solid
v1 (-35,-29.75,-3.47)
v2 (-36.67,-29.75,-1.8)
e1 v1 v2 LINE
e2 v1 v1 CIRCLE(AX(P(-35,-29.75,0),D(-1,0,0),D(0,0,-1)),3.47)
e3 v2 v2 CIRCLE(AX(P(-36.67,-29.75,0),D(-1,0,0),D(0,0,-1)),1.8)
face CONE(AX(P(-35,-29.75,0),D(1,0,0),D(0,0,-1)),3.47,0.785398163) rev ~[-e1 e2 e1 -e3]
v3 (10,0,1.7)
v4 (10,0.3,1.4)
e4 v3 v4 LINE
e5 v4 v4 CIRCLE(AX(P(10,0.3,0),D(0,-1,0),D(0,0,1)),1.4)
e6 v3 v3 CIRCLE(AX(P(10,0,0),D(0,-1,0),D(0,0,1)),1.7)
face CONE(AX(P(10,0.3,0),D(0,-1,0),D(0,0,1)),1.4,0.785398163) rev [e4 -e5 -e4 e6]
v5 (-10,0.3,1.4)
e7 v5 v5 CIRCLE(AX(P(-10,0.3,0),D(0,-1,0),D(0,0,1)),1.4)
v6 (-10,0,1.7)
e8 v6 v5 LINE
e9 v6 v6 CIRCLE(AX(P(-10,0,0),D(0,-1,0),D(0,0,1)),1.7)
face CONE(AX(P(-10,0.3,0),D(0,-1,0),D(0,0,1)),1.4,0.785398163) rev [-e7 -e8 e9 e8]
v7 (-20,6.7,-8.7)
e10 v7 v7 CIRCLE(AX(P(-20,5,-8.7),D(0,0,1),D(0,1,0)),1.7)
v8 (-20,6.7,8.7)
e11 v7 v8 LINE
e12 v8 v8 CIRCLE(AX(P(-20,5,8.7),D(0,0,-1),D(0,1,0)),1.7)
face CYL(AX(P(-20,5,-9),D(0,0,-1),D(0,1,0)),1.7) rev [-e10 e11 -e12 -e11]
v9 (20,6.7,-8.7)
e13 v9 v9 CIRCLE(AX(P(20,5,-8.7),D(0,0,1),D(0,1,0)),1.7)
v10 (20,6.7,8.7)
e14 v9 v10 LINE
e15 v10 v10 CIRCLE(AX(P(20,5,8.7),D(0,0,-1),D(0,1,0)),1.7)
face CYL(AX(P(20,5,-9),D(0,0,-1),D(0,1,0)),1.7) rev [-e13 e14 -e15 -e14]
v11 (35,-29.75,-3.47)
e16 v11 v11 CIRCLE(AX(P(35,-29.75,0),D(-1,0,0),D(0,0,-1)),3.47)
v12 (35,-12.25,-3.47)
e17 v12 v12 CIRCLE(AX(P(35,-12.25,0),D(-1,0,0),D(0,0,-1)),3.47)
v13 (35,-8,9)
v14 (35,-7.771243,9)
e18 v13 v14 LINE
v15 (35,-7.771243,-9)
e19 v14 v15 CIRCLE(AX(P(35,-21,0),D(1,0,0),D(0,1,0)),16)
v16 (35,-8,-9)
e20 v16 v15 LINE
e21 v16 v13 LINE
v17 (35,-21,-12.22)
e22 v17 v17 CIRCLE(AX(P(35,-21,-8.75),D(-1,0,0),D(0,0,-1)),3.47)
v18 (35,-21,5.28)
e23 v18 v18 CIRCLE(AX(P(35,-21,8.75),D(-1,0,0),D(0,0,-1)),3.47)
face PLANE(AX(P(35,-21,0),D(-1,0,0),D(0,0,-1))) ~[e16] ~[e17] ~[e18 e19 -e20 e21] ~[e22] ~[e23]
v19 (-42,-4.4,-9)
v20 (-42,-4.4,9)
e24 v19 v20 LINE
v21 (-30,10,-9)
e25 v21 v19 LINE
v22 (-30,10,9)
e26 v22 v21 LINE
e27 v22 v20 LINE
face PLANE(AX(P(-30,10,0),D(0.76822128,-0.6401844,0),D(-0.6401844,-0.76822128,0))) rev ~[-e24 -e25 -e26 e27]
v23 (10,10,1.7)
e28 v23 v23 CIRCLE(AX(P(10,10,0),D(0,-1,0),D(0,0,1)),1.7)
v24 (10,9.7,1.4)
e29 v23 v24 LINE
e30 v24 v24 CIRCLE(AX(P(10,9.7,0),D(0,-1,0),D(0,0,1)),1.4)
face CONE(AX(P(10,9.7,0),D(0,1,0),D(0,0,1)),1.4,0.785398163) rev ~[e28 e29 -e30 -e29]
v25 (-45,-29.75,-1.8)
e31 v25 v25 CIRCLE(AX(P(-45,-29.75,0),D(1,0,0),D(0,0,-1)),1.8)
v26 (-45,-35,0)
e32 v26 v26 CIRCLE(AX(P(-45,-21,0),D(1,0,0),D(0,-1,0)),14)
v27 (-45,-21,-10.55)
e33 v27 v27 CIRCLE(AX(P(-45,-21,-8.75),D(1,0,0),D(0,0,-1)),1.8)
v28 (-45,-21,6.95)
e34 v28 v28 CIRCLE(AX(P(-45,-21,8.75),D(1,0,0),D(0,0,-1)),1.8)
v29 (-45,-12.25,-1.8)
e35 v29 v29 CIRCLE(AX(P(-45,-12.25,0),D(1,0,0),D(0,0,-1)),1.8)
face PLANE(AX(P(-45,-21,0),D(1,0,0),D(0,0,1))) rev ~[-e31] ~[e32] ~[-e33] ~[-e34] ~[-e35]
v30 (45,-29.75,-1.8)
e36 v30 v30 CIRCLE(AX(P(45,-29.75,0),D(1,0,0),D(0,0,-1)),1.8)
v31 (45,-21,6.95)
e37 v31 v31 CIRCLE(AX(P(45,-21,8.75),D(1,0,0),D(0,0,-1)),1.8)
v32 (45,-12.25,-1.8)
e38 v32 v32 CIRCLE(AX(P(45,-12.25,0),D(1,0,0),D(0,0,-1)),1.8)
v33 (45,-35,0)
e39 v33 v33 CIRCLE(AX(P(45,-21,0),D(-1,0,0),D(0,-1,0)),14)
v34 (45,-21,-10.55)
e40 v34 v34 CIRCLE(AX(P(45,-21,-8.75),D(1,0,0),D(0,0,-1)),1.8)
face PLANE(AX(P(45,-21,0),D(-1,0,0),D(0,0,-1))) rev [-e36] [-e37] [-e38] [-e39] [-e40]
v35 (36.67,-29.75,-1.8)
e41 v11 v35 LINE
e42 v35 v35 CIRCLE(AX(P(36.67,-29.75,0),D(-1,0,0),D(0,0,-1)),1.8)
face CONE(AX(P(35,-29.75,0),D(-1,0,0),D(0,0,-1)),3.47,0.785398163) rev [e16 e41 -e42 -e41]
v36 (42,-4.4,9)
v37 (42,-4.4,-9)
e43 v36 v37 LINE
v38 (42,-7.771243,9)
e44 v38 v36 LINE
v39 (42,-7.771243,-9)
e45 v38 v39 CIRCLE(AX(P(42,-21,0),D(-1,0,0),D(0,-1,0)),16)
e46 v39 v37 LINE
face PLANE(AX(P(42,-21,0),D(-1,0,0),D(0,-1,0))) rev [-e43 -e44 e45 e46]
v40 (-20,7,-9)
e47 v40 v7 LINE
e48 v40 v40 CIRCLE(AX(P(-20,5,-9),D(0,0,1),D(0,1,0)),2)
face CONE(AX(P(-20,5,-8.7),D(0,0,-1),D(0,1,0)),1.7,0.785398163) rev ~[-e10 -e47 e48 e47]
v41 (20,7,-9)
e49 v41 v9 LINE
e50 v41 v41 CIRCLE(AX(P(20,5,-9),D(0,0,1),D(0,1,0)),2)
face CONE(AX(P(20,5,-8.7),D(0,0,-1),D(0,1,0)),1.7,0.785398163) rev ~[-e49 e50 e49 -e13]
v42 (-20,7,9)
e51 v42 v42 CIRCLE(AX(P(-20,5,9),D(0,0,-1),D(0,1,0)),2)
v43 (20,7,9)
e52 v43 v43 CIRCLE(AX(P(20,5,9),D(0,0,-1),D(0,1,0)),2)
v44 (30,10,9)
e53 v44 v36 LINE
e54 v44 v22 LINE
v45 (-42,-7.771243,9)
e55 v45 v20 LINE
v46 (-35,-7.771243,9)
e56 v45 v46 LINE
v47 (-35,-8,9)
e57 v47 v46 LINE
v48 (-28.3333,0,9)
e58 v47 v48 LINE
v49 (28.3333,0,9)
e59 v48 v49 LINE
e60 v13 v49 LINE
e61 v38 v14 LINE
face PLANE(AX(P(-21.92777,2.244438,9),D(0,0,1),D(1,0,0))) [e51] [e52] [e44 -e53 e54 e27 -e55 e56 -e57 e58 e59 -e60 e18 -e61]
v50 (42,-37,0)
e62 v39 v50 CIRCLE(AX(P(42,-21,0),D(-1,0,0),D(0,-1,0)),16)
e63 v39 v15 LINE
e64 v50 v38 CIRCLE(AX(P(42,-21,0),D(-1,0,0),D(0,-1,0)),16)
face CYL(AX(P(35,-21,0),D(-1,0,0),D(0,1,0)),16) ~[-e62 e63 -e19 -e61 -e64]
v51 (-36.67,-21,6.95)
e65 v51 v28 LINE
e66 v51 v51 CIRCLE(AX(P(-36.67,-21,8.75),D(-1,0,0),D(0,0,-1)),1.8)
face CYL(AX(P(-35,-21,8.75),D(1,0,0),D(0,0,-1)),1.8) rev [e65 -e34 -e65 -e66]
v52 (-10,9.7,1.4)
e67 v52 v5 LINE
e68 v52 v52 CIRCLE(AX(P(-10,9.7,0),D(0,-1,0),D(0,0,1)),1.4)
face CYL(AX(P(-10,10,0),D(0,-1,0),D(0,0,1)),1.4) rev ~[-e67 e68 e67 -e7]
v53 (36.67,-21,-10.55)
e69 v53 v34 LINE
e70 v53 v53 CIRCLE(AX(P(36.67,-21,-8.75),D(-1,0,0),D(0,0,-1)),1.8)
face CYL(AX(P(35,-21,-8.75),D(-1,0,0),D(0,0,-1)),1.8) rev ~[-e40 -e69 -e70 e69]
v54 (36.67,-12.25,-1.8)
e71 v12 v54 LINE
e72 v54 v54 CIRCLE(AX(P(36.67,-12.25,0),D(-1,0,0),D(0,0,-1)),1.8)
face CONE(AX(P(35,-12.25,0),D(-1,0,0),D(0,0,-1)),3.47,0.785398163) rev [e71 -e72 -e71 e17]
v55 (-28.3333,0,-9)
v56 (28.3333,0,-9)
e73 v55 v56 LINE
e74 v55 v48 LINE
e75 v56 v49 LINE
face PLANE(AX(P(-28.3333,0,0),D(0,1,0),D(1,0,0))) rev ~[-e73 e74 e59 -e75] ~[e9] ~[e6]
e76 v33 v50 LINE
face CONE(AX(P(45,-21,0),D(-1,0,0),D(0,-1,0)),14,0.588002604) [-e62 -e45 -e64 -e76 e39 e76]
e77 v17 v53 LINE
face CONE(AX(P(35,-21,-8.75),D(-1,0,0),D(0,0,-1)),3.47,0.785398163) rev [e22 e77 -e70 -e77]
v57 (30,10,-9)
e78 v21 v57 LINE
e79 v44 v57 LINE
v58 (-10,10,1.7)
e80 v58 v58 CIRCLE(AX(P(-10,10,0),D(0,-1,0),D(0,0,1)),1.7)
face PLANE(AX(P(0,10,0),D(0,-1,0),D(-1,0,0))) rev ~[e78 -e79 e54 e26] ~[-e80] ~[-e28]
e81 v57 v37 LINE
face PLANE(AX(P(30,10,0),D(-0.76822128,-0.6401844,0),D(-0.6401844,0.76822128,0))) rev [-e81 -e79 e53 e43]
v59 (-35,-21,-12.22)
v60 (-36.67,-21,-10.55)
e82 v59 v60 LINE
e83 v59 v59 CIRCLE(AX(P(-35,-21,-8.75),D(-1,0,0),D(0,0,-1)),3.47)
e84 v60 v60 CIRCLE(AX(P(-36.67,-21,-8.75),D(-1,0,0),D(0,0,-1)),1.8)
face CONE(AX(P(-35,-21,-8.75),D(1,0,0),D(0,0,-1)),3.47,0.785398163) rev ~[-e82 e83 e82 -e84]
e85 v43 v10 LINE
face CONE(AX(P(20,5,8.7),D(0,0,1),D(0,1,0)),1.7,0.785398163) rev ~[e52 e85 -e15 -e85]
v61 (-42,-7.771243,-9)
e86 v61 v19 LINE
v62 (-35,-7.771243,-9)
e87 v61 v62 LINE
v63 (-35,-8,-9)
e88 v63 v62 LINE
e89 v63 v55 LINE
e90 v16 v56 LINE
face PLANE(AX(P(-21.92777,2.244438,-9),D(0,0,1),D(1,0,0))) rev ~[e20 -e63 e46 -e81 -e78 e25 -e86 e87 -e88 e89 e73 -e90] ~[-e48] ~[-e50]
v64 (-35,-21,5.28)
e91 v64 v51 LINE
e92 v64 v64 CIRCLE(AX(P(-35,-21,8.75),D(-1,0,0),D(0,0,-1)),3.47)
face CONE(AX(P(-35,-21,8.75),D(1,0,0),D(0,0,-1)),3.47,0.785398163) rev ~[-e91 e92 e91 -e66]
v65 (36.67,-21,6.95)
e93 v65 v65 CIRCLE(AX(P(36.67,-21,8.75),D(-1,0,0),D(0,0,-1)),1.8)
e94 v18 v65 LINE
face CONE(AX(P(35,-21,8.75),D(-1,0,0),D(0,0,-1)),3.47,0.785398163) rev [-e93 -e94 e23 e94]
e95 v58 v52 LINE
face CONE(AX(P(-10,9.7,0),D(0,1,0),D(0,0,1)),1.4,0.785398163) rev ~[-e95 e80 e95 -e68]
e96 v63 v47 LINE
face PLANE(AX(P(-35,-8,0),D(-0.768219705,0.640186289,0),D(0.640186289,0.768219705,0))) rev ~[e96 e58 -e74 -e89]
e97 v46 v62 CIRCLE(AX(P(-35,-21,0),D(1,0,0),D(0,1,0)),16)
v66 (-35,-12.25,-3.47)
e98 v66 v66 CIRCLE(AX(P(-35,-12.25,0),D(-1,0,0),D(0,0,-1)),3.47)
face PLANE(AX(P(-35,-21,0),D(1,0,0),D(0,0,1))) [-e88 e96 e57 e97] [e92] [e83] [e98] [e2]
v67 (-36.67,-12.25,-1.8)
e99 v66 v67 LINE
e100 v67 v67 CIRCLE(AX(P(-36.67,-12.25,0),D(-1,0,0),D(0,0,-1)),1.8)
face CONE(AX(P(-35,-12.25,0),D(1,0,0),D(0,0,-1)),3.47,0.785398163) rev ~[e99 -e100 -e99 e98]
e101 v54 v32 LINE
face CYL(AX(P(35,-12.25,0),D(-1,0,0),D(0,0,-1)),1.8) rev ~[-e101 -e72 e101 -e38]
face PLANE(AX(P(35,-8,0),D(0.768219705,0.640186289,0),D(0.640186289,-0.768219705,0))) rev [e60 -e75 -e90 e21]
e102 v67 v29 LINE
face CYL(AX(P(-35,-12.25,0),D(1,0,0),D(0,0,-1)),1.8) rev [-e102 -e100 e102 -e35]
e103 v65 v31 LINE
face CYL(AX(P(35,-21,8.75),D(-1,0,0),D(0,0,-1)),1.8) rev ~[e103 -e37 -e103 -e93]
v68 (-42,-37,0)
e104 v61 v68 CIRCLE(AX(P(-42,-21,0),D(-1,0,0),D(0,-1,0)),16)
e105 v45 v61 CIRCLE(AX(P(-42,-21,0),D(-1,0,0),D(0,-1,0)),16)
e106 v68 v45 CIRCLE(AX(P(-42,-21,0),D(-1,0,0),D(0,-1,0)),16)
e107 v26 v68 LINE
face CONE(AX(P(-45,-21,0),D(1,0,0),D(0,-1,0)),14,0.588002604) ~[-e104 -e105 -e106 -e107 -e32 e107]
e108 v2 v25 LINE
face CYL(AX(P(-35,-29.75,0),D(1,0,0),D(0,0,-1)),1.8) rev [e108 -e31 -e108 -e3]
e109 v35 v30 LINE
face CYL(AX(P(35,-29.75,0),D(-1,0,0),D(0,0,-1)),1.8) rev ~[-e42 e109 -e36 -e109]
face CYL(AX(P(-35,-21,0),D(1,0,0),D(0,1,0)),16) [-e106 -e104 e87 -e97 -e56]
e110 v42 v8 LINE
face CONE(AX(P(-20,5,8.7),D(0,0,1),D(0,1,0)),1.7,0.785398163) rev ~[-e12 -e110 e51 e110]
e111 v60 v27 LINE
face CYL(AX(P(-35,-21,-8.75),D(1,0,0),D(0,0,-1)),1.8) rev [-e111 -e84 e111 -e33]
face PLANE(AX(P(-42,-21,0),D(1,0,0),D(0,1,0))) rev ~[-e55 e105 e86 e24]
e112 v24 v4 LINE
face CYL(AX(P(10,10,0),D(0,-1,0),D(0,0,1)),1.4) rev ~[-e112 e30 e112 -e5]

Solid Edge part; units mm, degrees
sketch "Sketch1" plane through (0, 0, 0) normal (0, 0, 1) x (1, 0, 0)
  line L0 (-45, -8) -> (-35, -8)
  line L1 (-35, -8) -> (-28.3333, 0)
  line L2 (-28.3333, 0) -> (0, 0)
  line L3 (0, 0) -> (0, 10)
  line L4 (0, 10) -> (-30, 10)
  line L5 (-30, 10) -> (-45, -8)
  dimension "D1" = 30
  dimension "D2" = 10
  dimension "D3" = 8
  dimension "D4" = 15
  dimension "D5" = 10
extrude "Protrusion1" add sketch "Sketch1" along normal mid plane 18
sketch "Sketch2" plane through (-35, 0, 0) normal (1, 0, 0) x (0, 1, 0)
  circle A0 centre (-21, 0) radius 16
  dimension "D1" = 32
  dimension "D2" = 21
extrude "Protrusion2" add sketch "Sketch2" against normal up to vertex (10 mm away)
hole "Hole_1" at (-35, -12.25, 0) direction (-1, 0, 0) diameter 3.6 end up to next countersink diameter 6.94 countersink angle 90
hole "Hole1" at (-35, -21, -8.75) direction (-1, 0, 0) diameter 3.6 end up to next countersink diameter 6.94 countersink angle 90
hole "Hole2" at (-35, -29.75, 0) direction (-1, 0, 0) diameter 3.6 end up to next countersink diameter 6.94 countersink angle 90
hole "Hole3" at (-35, -21, 8.75) direction (-1, 0, 0) diameter 3.6 end up to next countersink diameter 6.94 countersink angle 90
mirror "Mirror1" about plane through (0, 0, 0) normal (1, 0, 0) of "Protrusion2", "Protrusion1", "Hole_1", "Hole1", "Hole2", "Hole3"
sketch "Sketch3" plane through (0, 0, 0) normal (0, 0, 1) x (1, 0, 0)
  line L0 (45, -35) -> (42, -37)
  line L1 (42, -37) -> (42, -40)
  line L2 (42, -40) -> (45, -40)
  line L3 (45, -40) -> (45, -35)
  dimension "D1" = 3
  dimension "D2" = 5
  dimension "D3" = 3
revolve "RevolvedCutout1" cut sketch "Sketch3" angle 360 about axis through (45, -21, 0) along (-1, 0, 0)
mirror "Mirror2" about plane through (0, 0, 0) normal (1, 0, 0) of "RevolvedCutout1"
hole "Hole_5" at (20, 5, -9) direction (0, 0, 1) diameter 3.4 end up to next start chamfer 0.3 start chamfer angle 45 end chamfer 0.3 end chamfer angle 45
hole "Hole4" at (-20, 5, -9) direction (0, 0, 1) diameter 3.4 end up to next start chamfer 0.3 start chamfer angle 45 end chamfer 0.3 end chamfer angle 45
hole "Hole_7" at (10, 10, 0) direction (0, -1, 0) diameter 2.8 depth 30 tip angle 118 start chamfer 0.3 start chamfer angle 45 end chamfer 0.3 end chamfer angle 45
hole "Hole5" at (-10, 10, 0) direction (0, -1, 0) diameter 2.8 depth 30 tip angle 118 start chamfer 0.3 start chamfer angle 45 end chamfer 0.3 end chamfer angle 45
properties material "Polyethylene, low density"
